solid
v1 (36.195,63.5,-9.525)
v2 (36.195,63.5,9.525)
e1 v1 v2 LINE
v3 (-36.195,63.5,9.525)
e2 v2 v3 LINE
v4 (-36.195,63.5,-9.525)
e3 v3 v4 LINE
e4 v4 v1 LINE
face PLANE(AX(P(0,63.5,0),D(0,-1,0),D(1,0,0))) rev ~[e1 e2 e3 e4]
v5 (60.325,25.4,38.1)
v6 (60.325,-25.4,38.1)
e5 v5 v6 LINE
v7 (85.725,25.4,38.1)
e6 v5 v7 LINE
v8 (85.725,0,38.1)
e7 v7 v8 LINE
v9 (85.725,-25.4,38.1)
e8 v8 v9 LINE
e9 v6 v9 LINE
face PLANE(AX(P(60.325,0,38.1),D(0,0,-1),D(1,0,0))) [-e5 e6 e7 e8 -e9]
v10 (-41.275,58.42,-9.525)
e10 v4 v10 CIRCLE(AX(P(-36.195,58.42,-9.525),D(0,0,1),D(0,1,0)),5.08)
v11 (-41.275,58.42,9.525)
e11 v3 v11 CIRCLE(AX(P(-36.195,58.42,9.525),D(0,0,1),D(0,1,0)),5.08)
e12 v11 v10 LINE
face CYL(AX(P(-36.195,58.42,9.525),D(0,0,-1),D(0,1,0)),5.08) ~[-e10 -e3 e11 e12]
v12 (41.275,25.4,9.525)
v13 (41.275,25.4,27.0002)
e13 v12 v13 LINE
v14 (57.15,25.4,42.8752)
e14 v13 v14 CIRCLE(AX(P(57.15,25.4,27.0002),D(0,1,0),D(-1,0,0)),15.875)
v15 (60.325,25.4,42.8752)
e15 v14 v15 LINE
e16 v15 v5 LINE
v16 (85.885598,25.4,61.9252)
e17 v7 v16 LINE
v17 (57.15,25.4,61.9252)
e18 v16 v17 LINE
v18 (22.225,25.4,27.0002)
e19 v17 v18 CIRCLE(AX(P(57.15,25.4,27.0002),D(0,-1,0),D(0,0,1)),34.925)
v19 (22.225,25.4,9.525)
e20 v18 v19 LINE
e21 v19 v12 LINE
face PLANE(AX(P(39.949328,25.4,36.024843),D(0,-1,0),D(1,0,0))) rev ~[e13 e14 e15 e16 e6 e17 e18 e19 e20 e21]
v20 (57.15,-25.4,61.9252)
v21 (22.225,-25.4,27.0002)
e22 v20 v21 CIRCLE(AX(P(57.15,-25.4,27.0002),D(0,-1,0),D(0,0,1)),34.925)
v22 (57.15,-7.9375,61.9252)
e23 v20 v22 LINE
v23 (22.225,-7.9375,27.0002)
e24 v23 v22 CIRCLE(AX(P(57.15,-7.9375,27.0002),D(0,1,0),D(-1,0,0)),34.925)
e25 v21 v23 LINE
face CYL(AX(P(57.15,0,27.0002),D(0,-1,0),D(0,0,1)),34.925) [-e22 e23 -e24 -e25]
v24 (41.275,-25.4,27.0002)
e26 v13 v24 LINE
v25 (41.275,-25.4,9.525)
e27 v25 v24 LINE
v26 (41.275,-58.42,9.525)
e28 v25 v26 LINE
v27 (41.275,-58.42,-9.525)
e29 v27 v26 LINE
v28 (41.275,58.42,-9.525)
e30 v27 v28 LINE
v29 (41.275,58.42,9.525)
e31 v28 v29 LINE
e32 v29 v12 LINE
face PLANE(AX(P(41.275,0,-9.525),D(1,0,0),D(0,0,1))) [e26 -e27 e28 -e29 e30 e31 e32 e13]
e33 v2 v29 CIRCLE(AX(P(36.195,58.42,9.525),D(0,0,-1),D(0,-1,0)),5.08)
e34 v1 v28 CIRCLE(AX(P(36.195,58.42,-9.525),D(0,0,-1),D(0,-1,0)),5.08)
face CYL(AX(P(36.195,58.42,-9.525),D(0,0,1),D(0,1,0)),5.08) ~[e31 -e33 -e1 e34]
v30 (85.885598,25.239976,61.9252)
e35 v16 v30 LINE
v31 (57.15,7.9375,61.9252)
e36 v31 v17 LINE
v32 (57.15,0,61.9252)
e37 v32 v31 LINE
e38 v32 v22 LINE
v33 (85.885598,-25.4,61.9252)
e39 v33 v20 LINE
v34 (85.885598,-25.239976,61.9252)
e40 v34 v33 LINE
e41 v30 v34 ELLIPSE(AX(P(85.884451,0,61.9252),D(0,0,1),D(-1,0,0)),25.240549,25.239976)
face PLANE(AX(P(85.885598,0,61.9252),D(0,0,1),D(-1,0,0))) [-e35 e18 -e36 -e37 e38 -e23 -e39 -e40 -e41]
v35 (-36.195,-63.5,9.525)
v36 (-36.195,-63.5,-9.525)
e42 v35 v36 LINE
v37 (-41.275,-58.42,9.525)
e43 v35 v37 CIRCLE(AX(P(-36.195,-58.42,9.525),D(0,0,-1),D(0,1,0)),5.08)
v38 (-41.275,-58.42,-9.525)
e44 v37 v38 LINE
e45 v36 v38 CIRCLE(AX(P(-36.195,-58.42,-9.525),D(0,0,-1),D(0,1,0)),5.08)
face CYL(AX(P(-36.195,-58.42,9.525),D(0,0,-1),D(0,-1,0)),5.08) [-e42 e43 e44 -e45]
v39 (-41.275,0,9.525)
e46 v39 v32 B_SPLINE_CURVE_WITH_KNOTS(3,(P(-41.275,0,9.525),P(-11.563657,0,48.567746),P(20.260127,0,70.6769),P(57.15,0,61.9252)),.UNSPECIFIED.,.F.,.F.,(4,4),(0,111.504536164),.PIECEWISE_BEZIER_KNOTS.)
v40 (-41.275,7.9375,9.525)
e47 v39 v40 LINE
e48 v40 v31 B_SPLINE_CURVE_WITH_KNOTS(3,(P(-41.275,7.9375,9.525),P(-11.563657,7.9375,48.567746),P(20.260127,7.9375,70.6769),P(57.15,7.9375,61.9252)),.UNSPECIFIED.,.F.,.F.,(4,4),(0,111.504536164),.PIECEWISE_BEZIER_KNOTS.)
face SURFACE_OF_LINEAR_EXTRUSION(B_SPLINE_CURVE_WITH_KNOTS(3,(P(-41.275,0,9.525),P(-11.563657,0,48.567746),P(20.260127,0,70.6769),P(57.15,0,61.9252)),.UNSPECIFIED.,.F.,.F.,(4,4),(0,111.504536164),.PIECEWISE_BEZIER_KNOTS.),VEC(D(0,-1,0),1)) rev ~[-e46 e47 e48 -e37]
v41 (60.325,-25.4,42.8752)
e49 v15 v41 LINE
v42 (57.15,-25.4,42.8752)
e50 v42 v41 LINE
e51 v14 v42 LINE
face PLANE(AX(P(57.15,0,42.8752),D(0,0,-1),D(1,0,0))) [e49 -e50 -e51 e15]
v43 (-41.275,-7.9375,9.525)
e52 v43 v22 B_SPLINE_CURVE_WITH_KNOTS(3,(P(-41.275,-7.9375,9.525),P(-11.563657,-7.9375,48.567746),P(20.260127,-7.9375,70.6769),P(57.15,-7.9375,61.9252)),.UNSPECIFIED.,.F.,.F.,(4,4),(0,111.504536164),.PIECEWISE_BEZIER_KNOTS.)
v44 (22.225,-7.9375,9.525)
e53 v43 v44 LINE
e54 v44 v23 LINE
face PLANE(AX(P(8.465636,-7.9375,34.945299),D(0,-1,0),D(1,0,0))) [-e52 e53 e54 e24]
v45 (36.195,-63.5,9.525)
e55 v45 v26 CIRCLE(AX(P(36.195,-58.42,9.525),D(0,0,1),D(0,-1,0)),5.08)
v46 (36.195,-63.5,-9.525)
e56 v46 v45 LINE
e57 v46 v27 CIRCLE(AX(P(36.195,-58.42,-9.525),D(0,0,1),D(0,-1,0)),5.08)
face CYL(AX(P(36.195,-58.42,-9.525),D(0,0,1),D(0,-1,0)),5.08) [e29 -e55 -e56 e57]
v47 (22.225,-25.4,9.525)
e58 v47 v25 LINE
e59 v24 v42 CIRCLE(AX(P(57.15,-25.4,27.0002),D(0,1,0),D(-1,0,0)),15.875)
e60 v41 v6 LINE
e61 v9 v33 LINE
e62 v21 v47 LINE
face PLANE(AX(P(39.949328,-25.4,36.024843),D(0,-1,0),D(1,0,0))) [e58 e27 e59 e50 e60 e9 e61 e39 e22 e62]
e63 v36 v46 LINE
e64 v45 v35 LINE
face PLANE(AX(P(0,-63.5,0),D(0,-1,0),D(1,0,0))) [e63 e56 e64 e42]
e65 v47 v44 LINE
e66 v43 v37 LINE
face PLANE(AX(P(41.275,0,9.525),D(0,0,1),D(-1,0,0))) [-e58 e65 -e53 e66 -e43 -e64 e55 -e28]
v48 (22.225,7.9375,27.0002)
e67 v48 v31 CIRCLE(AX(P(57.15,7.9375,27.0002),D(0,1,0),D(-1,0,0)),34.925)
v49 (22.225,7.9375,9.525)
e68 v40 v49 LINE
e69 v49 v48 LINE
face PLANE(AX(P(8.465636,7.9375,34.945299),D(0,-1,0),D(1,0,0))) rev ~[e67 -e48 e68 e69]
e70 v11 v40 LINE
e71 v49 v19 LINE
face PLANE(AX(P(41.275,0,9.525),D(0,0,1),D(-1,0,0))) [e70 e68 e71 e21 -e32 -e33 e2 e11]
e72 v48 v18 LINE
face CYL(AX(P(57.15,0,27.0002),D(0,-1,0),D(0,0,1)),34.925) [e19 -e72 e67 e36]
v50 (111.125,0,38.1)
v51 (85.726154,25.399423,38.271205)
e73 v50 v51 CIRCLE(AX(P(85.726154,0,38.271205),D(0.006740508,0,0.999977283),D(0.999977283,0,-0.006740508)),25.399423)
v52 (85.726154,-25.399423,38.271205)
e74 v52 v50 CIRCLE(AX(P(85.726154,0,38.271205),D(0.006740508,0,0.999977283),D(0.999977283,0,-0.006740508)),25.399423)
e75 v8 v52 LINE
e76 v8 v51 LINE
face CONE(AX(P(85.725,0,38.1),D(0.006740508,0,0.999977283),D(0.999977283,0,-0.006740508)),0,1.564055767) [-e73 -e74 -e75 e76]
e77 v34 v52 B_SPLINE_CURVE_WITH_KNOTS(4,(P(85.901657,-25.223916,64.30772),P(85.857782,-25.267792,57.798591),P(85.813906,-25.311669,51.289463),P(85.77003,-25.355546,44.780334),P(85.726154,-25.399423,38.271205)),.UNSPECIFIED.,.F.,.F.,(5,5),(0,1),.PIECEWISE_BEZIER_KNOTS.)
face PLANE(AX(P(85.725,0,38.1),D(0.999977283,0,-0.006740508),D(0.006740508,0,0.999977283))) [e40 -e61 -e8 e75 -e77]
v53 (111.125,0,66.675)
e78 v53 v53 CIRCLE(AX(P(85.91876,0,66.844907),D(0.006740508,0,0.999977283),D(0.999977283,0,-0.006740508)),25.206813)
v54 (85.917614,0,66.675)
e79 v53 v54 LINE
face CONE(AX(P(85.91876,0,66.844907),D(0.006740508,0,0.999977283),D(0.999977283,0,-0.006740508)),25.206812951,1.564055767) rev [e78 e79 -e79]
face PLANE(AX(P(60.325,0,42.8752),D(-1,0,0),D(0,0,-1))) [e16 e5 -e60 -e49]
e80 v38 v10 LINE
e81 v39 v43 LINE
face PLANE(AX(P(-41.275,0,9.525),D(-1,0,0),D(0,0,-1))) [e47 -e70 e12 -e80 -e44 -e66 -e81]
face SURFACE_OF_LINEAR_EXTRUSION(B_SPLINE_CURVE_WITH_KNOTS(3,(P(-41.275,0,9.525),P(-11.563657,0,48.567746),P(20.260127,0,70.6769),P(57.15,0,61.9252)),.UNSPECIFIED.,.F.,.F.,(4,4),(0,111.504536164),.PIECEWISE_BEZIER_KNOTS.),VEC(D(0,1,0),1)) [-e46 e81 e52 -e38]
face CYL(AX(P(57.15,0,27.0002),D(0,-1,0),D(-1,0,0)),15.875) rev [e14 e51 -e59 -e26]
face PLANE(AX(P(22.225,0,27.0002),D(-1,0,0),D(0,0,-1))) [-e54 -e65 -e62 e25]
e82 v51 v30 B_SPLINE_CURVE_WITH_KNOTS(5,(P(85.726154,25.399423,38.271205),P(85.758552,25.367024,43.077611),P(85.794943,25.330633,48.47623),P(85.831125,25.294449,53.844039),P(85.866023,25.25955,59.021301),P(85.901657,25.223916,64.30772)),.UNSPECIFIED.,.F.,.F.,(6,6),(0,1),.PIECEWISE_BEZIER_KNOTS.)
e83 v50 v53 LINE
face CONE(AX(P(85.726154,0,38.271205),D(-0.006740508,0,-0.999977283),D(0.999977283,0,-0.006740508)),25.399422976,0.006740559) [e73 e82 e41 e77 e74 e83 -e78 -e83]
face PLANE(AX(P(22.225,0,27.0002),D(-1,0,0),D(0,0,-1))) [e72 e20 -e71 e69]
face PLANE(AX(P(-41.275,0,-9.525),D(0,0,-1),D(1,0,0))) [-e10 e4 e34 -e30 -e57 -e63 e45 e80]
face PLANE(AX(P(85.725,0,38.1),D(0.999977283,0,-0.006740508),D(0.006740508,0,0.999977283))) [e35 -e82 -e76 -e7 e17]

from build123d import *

# Parameters (mm, degrees)
F1_DEPTH = 63.5
F2_DEPTH = 25.4
F3_DEPTH = 7.9375
F5_R     = 5.08


with BuildPart() as f1:
    # F0 (on Front) → F1 (new body, symmetric)
    with BuildSketch(Plane.XZ):
        Polygon((41.275, -9.525), (41.275, 9.525), (22.225, 9.525), (-41.275, 9.525), (-41.275, -9.525), align=None)
    extrude(amount=F1_DEPTH, both=True)

    # F0 (on Front) → F2 (join, symmetric)
    with BuildSketch(Plane.XZ):
        with BuildLine():
            Line((22.225, 9.525), (41.275, 9.525))
            Line((41.275, 9.525), (41.275, 27.0002))
            ThreePointArc((41.275, 27.0002), (45.9246798487, 38.2255201513), (57.15, 42.8752))
            Line((57.15, 42.8752), (60.325, 42.8752))
            Line((60.325, 42.8752), (60.325, 61.9252))
            Line((60.325, 61.9252), (57.15, 61.9252))
            ThreePointArc((57.15, 61.9252), (32.4542956671, 51.6959043329), (22.225, 27.0002))
            Line((22.225, 27.0002), (22.225, 9.525))
        make_face()
        Polygon((60.325, 61.9252), (60.325, 42.8752), (60.325, 38.1), (85.725, 38.1), (85.8855976067, 61.9252), align=None)
    extrude(amount=F2_DEPTH, both=True)

    # F0 (on Front) → F3 (join, symmetric)
    with BuildSketch(Plane.XZ):
        with BuildLine():
            Line((-41.275, 9.525), (22.225, 9.525))
            Line((22.225, 9.525), (22.225, 27.0002))
            ThreePointArc((22.225, 27.0002), (32.4542956671, 51.6959043329), (57.15, 61.9252))
            add(Edge.make_bspline(
                [(-41.275, 9.525), (-11.5636568516, 48.5677458346), (20.2601272613, 70.6769004464), (57.15, 61.9252)],
                knots=[0, 0, 0, 0, 111.5045361635, 111.5045361635, 111.5045361635, 111.5045361635], degree=3))
        make_face()
    extrude(amount=F3_DEPTH, both=True)

    # F0 (on Front) → F4 (revolve)
    with BuildSketch(Plane.XZ):
        Polygon((85.9176144004, 66.675), (85.8855976067, 61.9252), (85.725, 38.1), (111.125, 38.1), (111.125, 66.675), align=None)
    revolve(axis=Axis((85.8213072002, 0, 52.3875), (0.0067405083, 0, 0.9999772825)))

    # F5
    f5_edges = [f1.edges().sort_by_distance(p)[0] for p in [
        (41.275, -63.5, 0),
        (-41.275, -63.5, 0),
        (41.275, 63.5, 0),
        (-41.275, 63.5, 0),
    ]]
    fillet(f5_edges, radius=F5_R)


solid = f1.part
